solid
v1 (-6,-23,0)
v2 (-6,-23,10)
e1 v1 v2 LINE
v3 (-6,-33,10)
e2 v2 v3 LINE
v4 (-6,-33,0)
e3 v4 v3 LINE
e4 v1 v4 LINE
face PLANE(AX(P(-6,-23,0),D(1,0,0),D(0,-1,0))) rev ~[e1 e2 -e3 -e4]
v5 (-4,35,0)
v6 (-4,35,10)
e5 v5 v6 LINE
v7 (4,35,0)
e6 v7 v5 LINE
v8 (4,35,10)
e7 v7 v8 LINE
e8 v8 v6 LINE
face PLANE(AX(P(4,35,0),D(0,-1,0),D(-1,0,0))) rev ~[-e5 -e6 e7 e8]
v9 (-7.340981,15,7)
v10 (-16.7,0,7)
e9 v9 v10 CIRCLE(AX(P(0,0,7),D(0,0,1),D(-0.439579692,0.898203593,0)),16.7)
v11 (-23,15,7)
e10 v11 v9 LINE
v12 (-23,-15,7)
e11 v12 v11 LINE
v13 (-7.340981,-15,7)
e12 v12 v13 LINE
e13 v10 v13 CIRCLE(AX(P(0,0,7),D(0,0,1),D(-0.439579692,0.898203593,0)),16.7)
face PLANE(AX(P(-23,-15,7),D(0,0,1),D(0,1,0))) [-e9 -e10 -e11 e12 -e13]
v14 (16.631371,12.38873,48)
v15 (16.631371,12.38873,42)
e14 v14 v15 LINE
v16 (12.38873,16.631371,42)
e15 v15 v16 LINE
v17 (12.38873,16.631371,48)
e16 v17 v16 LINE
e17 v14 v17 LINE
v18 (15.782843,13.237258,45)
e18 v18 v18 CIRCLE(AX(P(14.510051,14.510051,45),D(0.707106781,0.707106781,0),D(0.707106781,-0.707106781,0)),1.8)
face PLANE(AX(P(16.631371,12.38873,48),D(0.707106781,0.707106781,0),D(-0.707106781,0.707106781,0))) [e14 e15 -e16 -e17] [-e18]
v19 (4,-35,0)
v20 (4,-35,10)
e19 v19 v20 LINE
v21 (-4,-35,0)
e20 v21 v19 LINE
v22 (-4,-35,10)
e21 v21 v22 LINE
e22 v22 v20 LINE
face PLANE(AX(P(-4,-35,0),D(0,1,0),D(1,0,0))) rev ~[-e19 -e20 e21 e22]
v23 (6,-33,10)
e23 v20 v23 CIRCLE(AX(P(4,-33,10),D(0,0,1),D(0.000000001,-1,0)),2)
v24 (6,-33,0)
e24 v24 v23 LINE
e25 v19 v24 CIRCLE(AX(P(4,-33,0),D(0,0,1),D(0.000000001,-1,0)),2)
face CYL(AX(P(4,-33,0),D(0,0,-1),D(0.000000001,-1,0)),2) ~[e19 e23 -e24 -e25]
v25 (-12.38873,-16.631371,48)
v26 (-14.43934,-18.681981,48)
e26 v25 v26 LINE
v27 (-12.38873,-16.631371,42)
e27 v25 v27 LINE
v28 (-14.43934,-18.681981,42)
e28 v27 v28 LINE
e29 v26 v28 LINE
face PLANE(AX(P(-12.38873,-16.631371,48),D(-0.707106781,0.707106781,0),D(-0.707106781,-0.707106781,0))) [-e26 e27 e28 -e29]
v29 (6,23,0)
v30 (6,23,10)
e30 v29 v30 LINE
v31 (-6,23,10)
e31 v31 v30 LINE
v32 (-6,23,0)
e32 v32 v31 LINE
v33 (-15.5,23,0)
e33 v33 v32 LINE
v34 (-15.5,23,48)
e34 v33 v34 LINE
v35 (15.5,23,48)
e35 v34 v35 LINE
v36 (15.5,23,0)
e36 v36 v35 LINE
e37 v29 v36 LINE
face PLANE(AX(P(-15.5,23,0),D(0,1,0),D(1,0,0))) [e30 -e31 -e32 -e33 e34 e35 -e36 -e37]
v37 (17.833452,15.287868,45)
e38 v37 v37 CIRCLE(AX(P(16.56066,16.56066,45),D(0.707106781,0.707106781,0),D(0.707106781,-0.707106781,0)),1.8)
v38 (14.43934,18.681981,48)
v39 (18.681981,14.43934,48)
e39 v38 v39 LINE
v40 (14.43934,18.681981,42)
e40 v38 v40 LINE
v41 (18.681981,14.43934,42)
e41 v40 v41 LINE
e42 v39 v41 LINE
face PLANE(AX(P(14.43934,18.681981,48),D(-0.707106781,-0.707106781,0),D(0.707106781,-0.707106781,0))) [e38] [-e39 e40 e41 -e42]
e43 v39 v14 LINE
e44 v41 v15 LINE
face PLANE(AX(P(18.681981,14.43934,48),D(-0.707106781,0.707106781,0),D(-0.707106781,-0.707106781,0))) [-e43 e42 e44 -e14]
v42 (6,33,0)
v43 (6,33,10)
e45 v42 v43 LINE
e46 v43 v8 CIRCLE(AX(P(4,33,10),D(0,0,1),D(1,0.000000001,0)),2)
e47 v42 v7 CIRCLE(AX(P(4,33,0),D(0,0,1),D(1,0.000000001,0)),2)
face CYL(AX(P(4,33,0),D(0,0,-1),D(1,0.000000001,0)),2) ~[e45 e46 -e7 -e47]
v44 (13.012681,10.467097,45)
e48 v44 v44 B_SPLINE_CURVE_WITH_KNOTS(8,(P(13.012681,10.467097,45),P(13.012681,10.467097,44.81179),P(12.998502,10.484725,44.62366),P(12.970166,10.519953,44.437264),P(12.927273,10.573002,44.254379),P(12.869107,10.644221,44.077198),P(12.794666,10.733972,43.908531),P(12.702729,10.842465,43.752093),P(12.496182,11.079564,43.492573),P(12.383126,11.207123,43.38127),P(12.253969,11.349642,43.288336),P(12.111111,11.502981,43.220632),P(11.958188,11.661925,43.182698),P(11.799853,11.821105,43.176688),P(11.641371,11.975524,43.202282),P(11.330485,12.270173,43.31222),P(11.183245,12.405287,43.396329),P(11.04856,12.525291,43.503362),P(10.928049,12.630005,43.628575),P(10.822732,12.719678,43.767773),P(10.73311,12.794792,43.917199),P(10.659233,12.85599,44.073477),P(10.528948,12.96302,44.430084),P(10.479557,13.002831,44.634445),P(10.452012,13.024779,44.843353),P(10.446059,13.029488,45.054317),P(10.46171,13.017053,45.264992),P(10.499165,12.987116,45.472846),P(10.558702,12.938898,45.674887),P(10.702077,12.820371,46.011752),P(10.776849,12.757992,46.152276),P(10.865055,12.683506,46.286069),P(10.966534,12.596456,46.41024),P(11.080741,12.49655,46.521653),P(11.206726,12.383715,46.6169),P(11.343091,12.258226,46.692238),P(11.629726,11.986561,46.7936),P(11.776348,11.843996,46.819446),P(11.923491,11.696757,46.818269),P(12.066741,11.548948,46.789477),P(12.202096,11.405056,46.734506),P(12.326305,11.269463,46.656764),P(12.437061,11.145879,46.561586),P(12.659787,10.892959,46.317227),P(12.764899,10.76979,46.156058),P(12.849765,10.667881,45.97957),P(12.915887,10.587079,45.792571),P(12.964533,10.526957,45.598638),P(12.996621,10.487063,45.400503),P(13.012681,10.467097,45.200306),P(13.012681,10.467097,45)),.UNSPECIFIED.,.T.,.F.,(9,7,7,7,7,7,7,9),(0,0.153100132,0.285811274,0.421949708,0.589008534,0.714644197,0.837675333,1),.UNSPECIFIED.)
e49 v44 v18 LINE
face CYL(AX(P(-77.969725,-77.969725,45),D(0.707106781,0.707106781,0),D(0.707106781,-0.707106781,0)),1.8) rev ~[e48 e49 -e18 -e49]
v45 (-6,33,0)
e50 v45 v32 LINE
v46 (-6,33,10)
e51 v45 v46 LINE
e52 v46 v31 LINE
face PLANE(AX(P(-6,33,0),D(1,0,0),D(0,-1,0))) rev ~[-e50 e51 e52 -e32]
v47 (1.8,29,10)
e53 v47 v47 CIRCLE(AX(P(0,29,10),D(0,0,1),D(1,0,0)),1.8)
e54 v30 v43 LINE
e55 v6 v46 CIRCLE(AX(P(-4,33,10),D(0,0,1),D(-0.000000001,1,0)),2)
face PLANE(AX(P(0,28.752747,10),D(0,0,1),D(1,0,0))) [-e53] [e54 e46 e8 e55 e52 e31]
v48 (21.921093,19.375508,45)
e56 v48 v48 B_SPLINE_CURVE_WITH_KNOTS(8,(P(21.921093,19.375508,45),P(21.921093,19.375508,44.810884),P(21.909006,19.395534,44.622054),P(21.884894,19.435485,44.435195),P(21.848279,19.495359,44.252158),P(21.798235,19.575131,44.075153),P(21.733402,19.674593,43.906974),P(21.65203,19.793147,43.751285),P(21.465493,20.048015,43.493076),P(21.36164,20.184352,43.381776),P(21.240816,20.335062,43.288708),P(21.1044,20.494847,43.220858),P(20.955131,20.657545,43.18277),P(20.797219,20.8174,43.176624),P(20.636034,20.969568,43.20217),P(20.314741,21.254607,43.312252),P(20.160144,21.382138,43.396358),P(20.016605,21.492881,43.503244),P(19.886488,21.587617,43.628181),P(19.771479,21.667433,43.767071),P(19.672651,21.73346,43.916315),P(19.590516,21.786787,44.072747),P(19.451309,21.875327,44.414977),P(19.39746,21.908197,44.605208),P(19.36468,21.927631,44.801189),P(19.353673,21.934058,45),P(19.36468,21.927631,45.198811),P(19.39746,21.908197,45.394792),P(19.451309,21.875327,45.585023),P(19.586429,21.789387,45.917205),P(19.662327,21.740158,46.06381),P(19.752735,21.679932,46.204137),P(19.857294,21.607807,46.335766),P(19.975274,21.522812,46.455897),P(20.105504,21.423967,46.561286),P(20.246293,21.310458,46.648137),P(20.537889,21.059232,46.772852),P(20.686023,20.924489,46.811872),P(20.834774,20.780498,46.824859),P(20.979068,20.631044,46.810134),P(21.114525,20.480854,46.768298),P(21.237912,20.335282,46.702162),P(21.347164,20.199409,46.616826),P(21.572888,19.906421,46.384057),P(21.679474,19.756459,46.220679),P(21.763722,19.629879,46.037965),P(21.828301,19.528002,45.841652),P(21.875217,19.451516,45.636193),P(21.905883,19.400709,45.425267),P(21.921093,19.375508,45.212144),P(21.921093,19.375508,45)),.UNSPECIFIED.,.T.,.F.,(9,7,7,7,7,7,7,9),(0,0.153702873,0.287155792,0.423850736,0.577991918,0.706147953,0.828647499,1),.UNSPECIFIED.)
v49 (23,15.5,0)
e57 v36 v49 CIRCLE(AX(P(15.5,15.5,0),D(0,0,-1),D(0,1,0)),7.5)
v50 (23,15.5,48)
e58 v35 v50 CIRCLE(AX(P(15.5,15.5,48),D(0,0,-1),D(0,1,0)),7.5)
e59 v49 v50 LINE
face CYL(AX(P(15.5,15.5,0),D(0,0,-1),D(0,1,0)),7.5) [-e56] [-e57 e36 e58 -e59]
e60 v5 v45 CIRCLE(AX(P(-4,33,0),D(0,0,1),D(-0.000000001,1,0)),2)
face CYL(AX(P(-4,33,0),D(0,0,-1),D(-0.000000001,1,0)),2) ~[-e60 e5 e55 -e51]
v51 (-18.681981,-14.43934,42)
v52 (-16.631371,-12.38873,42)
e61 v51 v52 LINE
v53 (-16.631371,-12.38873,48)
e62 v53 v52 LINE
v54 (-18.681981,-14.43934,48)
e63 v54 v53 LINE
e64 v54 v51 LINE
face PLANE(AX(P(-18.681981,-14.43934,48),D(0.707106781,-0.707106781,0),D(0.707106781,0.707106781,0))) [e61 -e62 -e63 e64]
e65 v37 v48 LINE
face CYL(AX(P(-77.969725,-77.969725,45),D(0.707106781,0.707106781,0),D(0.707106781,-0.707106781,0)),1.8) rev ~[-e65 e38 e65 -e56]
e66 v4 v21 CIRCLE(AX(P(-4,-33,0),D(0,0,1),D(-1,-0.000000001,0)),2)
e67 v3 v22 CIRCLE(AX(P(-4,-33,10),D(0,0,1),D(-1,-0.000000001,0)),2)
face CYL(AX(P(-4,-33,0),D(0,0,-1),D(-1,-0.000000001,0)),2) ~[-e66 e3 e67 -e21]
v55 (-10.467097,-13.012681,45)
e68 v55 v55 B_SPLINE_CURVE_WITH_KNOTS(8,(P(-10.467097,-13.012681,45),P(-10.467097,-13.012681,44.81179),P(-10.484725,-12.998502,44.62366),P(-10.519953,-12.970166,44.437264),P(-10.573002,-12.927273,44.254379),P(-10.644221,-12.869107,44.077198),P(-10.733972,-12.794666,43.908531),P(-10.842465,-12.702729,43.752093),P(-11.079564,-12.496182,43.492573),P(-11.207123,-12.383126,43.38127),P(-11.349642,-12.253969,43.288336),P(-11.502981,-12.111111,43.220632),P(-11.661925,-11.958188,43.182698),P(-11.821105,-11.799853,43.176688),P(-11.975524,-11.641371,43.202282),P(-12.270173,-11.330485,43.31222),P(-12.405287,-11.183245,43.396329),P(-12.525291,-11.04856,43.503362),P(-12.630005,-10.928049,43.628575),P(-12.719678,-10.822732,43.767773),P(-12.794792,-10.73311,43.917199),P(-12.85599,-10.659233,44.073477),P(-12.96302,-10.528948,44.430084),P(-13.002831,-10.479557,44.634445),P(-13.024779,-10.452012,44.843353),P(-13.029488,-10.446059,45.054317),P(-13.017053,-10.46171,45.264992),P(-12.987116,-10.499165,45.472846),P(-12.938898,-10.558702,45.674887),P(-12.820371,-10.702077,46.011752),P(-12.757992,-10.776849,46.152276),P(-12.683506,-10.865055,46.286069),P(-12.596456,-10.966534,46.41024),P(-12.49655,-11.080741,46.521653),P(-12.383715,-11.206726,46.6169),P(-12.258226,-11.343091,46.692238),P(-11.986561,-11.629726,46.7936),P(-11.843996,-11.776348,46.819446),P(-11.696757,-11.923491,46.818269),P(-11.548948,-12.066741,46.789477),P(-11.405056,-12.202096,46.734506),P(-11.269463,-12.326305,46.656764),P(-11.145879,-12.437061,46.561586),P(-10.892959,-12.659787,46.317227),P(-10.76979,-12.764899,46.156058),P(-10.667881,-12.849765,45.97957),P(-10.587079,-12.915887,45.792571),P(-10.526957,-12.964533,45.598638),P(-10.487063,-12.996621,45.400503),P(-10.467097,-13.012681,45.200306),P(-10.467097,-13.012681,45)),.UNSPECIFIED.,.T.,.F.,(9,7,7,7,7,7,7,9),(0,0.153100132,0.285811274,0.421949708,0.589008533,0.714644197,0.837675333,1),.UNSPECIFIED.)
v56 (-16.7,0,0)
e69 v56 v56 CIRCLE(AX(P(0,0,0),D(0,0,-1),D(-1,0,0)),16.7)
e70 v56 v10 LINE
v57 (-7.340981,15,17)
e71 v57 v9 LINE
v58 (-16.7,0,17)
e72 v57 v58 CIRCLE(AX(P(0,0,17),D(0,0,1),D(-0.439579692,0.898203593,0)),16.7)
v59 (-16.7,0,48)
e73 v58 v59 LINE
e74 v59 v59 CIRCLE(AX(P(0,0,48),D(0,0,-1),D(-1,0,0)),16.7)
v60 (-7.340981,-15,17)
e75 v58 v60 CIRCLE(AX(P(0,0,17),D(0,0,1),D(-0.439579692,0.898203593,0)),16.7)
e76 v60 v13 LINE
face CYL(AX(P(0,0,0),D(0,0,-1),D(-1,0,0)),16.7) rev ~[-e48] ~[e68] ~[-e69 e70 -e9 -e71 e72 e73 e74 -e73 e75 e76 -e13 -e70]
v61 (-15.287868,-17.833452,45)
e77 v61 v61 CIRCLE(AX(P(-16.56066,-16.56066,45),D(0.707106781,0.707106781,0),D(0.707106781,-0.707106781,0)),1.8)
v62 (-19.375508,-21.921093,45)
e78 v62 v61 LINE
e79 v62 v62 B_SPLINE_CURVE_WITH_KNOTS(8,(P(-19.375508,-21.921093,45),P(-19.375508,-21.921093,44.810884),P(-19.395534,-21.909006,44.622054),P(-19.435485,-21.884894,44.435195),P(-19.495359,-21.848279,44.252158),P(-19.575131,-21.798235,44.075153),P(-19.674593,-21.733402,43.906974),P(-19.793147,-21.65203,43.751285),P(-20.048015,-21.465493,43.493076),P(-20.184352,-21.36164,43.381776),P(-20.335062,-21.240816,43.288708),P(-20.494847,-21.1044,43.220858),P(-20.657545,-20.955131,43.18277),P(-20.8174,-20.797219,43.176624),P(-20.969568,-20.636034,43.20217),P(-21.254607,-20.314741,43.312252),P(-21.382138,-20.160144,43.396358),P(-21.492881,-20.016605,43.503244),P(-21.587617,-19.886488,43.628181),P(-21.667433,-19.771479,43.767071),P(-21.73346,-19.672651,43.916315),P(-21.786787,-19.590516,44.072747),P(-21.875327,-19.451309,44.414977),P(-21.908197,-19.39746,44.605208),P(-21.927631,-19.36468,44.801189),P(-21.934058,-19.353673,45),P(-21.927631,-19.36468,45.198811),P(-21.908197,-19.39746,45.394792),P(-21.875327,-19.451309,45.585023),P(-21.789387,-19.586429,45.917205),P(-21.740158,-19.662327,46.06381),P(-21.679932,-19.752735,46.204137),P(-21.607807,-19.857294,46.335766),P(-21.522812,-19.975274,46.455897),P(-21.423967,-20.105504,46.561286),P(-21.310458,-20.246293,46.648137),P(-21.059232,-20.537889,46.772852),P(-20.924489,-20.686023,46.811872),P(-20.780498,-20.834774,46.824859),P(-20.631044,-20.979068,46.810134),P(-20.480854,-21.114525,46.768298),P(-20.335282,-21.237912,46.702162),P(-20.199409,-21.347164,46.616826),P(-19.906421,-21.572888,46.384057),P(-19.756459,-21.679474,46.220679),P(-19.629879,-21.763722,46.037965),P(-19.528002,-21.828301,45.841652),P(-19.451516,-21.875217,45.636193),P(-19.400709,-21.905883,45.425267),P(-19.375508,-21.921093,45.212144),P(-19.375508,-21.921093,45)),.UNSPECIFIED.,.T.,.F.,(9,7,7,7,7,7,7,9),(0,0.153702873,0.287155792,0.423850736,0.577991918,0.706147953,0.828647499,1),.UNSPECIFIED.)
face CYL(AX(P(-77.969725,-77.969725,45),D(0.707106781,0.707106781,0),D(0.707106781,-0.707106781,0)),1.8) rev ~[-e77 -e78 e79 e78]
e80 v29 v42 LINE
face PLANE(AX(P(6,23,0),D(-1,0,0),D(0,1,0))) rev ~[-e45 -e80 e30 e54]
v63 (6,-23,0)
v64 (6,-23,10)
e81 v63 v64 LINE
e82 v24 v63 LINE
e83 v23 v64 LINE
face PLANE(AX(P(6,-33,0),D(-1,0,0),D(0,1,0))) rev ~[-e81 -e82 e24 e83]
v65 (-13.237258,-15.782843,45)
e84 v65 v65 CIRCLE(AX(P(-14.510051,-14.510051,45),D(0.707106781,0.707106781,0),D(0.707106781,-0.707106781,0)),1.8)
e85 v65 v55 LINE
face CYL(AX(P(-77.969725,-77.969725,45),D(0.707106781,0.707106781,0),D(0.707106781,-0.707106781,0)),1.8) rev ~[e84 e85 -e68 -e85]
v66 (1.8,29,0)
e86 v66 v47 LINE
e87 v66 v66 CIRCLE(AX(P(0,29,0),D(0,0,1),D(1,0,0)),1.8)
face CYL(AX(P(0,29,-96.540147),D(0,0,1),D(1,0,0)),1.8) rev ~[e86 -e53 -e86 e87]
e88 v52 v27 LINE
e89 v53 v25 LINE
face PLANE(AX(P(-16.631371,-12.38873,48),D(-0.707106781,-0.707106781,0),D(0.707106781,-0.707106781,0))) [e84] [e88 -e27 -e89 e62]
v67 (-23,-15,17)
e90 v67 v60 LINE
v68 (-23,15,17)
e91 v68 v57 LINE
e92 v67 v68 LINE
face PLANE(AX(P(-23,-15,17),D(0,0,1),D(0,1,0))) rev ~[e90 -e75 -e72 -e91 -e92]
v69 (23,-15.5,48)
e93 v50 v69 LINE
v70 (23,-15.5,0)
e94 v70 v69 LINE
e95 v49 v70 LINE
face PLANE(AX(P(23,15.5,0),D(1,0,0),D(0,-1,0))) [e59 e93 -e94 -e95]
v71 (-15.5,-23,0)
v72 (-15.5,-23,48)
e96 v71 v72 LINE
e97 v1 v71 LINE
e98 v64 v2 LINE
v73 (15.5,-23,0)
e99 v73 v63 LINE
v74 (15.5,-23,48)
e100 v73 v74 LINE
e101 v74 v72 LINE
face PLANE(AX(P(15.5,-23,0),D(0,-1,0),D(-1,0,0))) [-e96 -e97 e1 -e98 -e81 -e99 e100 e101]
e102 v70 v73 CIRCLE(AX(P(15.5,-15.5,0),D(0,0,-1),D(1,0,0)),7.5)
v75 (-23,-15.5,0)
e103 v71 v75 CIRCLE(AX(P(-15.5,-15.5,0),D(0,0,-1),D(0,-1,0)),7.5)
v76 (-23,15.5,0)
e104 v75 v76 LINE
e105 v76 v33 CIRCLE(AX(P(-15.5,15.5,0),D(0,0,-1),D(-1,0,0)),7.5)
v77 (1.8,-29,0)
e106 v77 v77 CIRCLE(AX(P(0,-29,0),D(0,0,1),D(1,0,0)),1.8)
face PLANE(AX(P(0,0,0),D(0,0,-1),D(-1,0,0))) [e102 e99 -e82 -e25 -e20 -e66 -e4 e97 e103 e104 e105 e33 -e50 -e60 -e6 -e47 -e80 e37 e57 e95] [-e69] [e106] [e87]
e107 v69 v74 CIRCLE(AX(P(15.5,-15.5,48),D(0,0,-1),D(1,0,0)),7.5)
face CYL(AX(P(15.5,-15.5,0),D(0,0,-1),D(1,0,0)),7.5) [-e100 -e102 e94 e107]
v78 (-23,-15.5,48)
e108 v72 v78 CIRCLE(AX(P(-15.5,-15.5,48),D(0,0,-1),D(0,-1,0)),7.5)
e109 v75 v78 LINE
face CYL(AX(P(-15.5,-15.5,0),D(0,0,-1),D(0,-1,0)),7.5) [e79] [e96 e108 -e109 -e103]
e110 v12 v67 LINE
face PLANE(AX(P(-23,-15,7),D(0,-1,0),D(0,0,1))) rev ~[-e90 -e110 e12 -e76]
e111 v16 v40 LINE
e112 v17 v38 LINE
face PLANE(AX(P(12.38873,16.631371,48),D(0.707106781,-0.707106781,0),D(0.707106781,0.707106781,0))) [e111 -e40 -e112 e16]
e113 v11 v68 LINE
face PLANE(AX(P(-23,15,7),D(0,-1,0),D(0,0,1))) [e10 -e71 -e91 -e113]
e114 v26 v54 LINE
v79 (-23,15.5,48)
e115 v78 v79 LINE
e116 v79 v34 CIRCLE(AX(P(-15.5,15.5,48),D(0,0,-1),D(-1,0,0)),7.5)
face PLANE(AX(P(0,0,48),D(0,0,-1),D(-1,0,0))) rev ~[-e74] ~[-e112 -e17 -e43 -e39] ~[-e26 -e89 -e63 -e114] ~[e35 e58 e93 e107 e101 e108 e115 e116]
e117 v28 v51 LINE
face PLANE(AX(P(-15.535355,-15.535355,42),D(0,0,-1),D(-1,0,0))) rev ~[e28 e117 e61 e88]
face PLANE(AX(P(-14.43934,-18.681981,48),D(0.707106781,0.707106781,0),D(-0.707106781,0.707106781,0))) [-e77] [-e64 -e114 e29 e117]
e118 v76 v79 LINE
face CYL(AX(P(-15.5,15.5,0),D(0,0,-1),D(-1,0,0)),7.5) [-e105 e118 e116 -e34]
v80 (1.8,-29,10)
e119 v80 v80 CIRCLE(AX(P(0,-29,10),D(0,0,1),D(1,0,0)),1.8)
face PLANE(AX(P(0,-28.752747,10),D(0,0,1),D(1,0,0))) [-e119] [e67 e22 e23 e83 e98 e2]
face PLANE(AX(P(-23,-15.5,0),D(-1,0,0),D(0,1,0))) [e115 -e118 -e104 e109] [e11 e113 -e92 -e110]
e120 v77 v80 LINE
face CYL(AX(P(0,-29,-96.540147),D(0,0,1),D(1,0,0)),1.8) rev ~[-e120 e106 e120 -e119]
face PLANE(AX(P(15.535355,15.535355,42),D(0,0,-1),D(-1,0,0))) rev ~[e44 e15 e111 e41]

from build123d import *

# Parameters (mm, degrees)
MAIN_DEPTH           = 48
SKETCH2_R            = 16.7
MOTOR_HOLE_DEPTH     = 49
PULLEY_OUT_REACH     = 48
SKETCH3_W            = 10
SKETCH3_H            = 30
NUTS_DEPTH           = 6
M3_CLEARANCE_HOLE1_D = 3.6
BOSS_EXTRUDE2_DEPTH  = 10
M3_CLEARANCE_HOLE2_D = 3.6


with BuildPart() as part:
    # Sketch1 → Main (new body)
    with BuildSketch(Plane.XY):
        with BuildLine():
            Line((-15.5, 23), (15.5, 23))
            ThreePointArc((15.5, 23), (20.803300859, 20.803300859), (23, 15.5))
            Line((23, 15.5), (23, -15.5))
            ThreePointArc((23, -15.5), (20.803300859, -20.803300859), (15.5, -23))
            Line((15.5, -23), (-15.5, -23))
            ThreePointArc((-15.5, -23), (-20.803300859, -20.803300859), (-23, -15.5))
            Line((-23, -15.5), (-23, 15.5))
            ThreePointArc((-23, 15.5), (-20.803300859, 20.803300859), (-15.5, 23))
        make_face()
    extrude(amount=MAIN_DEPTH)

    # Sketch2 → Motor Hole (cut, through all)
    with BuildSketch(Plane(origin=(0, 0, 0), x_dir=(-1, 0, 0), z_dir=(0, 0, -1))):
        Circle(SKETCH2_R)
    extrude(amount=-MOTOR_HOLE_DEPTH, mode=Mode.SUBTRACT)

    # Sketch3 → Pulley Out (cut, up to next)
    with BuildSketch(Plane.ZY.offset(23), mode=Mode.PRIVATE) as pulley_out_sk1:
        with Locations((12, 0)):
            Rectangle(SKETCH3_W, SKETCH3_H)
    pulley_out_tool1 = extrude(pulley_out_sk1.sketch, amount=-PULLEY_OUT_REACH, mode=Mode.PRIVATE) & part.part
    add(pulley_out_tool1.solids().sort_by_distance((-23, 0, 12))[0], mode=Mode.SUBTRACT)

    # Sketch9 → Nuts (cut)
    with BuildSketch(Plane.XY.offset(48)):
        Polygon((-18.681980515, -14.439339828), (-16.63137085, -12.388730163), (-12.388730163, -16.63137085), (-14.439339828, -18.681980515), align=None)
        Polygon((18.681980515, 14.439339828), (16.63137085, 12.388730163), (12.388730163, 16.63137085), (14.439339828, 18.681980515), align=None)
    extrude(amount=-NUTS_DEPTH, mode=Mode.SUBTRACT)

    # M3 Clearance Hole1 (through all)
    with Locations(Plane(origin=(-20.803300859, -20.803300859, 45), x_dir=(-0.707106781, 0.707106781, 0), z_dir=(-0.707106781, -0.707106781, 0))):
        with Locations((0, 0)):
            Hole(M3_CLEARANCE_HOLE1_D / 2)

    # Sketch15 → Boss-Extrude2 (add)
    with BuildSketch(Plane(origin=(0, 0, 0), x_dir=(-1, 0, 0), z_dir=(0, 0, -1))):
        with BuildLine():
            Line((-6, -23), (6, -23))
            Line((6, -23), (6, -33))
            ThreePointArc((6, -33), (5.414213562, -34.414213562), (4, -35))
            Line((4, -35), (-4, -35))
            ThreePointArc((-4, -35), (-5.414213562, -34.414213562), (-6, -33))
            Line((-6, -33), (-6, -23))
        make_face()
        with BuildLine():
            Line((-4, 35), (4, 35))
            ThreePointArc((4, 35), (5.414213562, 34.414213562), (6, 33))
            Line((6, 33), (6, 23))
            Line((6, 23), (-6, 23))
            Line((-6, 23), (-6, 33))
            ThreePointArc((-6, 33), (-5.414213562, 34.414213562), (-4, 35))
        make_face()
    extrude(amount=-BOSS_EXTRUDE2_DEPTH)

    # M3 Clearance Hole2 (through all)
    with Locations(Plane(origin=(0, 0, 0), x_dir=(-1, 0, 0), z_dir=(0, 0, -1))):
        with Locations((0, -29), (0, 29)):
            Hole(M3_CLEARANCE_HOLE2_D / 2)


solid = part.part
